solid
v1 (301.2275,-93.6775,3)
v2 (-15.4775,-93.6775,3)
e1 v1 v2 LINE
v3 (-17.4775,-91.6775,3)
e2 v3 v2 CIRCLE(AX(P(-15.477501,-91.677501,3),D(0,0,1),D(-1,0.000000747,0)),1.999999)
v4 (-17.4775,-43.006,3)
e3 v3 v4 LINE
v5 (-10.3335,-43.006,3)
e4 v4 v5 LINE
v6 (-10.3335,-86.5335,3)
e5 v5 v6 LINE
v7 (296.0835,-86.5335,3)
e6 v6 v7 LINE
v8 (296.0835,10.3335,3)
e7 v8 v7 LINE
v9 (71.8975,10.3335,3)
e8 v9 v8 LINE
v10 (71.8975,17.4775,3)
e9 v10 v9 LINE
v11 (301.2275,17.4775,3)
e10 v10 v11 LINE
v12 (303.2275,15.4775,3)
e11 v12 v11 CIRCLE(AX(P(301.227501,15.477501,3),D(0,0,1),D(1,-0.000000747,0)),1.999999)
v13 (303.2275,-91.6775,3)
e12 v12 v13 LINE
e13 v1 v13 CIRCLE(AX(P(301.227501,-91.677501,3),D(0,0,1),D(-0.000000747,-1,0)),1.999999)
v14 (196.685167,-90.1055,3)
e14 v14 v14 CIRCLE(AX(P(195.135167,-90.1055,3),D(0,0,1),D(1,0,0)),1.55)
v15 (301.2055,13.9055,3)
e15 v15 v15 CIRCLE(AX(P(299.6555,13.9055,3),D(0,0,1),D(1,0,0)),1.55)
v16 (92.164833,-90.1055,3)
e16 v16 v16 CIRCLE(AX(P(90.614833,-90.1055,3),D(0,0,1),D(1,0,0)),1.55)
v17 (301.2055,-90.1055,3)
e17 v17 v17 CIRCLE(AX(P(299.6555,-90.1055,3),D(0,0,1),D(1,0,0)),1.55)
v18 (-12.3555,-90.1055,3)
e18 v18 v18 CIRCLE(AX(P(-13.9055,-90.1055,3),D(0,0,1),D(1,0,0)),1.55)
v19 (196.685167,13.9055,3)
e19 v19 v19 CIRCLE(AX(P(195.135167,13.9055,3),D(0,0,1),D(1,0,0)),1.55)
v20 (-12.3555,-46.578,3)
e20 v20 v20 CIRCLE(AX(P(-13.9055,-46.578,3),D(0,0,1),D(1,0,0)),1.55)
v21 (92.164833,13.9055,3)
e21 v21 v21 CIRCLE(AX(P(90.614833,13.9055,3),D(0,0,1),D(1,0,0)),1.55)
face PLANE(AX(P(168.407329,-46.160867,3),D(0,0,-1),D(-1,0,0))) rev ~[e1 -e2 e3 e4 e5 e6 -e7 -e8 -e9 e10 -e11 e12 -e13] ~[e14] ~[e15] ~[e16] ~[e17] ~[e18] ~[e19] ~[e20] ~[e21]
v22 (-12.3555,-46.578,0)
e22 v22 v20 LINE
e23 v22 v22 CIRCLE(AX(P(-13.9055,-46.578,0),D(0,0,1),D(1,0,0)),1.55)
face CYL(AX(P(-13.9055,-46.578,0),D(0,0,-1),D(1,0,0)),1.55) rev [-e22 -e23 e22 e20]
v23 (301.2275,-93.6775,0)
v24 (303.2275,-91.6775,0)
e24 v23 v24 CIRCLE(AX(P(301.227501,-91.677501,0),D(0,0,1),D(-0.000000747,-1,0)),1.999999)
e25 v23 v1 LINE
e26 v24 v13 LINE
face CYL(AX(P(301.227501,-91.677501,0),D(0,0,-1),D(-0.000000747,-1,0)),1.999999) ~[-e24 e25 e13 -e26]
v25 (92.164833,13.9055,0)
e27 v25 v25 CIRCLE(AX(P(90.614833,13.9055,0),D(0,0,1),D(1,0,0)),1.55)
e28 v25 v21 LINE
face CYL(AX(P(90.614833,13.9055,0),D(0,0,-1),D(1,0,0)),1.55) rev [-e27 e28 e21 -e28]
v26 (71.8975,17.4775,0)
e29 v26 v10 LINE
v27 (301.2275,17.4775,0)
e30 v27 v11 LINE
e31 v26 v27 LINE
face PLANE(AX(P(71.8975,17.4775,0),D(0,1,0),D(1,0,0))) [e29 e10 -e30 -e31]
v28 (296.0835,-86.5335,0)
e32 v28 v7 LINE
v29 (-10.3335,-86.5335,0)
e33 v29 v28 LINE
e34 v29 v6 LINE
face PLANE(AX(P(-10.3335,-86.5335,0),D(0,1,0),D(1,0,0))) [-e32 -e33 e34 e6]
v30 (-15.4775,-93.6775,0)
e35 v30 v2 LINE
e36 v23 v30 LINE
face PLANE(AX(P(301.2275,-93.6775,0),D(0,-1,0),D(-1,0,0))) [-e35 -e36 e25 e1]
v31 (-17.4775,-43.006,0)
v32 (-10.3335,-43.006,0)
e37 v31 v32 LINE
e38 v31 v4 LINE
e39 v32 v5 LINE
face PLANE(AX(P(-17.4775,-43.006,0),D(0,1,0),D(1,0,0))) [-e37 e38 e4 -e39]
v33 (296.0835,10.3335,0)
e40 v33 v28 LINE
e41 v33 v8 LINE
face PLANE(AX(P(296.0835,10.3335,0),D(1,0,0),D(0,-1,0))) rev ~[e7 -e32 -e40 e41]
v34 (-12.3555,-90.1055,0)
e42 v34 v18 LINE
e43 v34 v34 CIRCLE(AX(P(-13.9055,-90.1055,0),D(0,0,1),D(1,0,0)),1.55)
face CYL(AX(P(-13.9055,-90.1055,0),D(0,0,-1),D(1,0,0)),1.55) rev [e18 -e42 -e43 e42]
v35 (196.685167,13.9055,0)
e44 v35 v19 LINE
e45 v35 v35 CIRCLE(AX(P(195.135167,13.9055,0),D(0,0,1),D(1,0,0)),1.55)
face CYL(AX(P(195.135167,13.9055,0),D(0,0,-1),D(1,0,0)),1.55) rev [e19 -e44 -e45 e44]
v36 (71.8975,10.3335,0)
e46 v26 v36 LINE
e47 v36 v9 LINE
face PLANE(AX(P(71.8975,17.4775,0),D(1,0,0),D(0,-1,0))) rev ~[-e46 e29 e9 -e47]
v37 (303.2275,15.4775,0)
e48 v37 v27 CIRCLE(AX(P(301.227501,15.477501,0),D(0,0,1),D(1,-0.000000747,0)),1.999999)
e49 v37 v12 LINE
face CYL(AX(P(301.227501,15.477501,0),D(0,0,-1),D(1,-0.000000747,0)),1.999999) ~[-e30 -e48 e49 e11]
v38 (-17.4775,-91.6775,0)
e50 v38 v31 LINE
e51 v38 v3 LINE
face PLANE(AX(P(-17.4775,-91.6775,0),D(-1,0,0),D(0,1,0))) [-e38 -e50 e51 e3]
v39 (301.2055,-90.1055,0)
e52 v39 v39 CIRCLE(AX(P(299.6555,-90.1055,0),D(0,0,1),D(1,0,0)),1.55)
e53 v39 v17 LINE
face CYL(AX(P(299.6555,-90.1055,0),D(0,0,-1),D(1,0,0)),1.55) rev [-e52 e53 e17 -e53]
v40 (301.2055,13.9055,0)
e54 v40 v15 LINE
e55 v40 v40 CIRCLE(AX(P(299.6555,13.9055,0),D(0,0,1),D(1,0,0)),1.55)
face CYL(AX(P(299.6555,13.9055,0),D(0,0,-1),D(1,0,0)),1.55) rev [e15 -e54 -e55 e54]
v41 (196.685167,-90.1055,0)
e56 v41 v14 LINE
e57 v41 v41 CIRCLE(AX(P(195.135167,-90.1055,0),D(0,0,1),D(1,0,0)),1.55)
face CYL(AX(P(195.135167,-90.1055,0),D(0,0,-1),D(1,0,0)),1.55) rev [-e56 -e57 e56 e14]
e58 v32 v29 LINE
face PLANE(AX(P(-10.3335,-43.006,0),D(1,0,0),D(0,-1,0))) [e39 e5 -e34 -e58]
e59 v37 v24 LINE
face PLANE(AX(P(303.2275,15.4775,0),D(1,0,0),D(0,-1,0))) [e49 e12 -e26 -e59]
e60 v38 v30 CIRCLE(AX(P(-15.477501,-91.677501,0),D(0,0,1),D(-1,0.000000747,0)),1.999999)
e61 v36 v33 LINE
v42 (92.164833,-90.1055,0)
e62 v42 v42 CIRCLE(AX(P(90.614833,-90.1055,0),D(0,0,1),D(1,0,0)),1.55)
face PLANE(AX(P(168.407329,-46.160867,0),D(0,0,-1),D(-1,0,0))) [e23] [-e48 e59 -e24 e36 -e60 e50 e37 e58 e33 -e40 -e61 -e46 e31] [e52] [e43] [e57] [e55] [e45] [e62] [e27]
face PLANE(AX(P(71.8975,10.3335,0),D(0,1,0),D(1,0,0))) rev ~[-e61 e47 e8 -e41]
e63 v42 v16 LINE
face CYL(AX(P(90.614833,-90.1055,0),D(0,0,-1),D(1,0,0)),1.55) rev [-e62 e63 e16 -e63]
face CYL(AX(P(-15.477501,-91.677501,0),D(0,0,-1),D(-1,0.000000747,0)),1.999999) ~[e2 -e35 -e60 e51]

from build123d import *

# Parameters (mm, degrees)
SKETCH_R  = 1.55
PAD_DEPTH = 3


with BuildPart() as part:
    # Sketch → Pad (new body)
    with BuildSketch(Plane.XY):
        with BuildLine():
            Line((71.8975, 17.4775), (301.2275, 17.4775))
            ThreePointArc((303.2275, 15.4775), (302.641714, 16.891714), (301.2275, 17.4775))
            Line((303.2275, 15.4775), (303.2275, -91.6775))
            ThreePointArc((301.2275, -93.6775), (302.641714, -93.091714), (303.2275, -91.6775))
            Line((301.2275, -93.6775), (-15.4775, -93.6775))
            ThreePointArc((-17.4775, -91.6775), (-16.891714, -93.091714), (-15.4775, -93.6775))
            Line((-17.4775, -91.6775), (-17.4775, -43.006))
            Line((-17.4775, -43.006), (-10.3335, -43.006))
            Line((-10.3335, -43.006), (-10.3335, -86.5335))
            Line((-10.3335, -86.5335), (296.0835, -86.5335))
            Line((296.0835, 10.3335), (296.0835, -86.5335))
            Line((71.8975, 10.3335), (296.0835, 10.3335))
            Line((71.8975, 17.4775), (71.8975, 10.3335))
        make_face()
        with Locations((-13.9055, -90.1055)):
            Circle(SKETCH_R, mode=Mode.SUBTRACT)
        with Locations((195.135167, -90.1055)):
            Circle(SKETCH_R, mode=Mode.SUBTRACT)
        with Locations((299.6555, -90.1055)):
            Circle(SKETCH_R, mode=Mode.SUBTRACT)
        with Locations((90.614833, -90.1055)):
            Circle(SKETCH_R, mode=Mode.SUBTRACT)
        with Locations((90.614833, 13.9055)):
            Circle(SKETCH_R, mode=Mode.SUBTRACT)
        with Locations((195.135167, 13.9055)):
            Circle(SKETCH_R, mode=Mode.SUBTRACT)
        with Locations((299.6555, 13.9055)):
            Circle(SKETCH_R, mode=Mode.SUBTRACT)
        with Locations((-13.9055, -46.578)):
            Circle(SKETCH_R, mode=Mode.SUBTRACT)
    extrude(amount=PAD_DEPTH)


solid = part.part
